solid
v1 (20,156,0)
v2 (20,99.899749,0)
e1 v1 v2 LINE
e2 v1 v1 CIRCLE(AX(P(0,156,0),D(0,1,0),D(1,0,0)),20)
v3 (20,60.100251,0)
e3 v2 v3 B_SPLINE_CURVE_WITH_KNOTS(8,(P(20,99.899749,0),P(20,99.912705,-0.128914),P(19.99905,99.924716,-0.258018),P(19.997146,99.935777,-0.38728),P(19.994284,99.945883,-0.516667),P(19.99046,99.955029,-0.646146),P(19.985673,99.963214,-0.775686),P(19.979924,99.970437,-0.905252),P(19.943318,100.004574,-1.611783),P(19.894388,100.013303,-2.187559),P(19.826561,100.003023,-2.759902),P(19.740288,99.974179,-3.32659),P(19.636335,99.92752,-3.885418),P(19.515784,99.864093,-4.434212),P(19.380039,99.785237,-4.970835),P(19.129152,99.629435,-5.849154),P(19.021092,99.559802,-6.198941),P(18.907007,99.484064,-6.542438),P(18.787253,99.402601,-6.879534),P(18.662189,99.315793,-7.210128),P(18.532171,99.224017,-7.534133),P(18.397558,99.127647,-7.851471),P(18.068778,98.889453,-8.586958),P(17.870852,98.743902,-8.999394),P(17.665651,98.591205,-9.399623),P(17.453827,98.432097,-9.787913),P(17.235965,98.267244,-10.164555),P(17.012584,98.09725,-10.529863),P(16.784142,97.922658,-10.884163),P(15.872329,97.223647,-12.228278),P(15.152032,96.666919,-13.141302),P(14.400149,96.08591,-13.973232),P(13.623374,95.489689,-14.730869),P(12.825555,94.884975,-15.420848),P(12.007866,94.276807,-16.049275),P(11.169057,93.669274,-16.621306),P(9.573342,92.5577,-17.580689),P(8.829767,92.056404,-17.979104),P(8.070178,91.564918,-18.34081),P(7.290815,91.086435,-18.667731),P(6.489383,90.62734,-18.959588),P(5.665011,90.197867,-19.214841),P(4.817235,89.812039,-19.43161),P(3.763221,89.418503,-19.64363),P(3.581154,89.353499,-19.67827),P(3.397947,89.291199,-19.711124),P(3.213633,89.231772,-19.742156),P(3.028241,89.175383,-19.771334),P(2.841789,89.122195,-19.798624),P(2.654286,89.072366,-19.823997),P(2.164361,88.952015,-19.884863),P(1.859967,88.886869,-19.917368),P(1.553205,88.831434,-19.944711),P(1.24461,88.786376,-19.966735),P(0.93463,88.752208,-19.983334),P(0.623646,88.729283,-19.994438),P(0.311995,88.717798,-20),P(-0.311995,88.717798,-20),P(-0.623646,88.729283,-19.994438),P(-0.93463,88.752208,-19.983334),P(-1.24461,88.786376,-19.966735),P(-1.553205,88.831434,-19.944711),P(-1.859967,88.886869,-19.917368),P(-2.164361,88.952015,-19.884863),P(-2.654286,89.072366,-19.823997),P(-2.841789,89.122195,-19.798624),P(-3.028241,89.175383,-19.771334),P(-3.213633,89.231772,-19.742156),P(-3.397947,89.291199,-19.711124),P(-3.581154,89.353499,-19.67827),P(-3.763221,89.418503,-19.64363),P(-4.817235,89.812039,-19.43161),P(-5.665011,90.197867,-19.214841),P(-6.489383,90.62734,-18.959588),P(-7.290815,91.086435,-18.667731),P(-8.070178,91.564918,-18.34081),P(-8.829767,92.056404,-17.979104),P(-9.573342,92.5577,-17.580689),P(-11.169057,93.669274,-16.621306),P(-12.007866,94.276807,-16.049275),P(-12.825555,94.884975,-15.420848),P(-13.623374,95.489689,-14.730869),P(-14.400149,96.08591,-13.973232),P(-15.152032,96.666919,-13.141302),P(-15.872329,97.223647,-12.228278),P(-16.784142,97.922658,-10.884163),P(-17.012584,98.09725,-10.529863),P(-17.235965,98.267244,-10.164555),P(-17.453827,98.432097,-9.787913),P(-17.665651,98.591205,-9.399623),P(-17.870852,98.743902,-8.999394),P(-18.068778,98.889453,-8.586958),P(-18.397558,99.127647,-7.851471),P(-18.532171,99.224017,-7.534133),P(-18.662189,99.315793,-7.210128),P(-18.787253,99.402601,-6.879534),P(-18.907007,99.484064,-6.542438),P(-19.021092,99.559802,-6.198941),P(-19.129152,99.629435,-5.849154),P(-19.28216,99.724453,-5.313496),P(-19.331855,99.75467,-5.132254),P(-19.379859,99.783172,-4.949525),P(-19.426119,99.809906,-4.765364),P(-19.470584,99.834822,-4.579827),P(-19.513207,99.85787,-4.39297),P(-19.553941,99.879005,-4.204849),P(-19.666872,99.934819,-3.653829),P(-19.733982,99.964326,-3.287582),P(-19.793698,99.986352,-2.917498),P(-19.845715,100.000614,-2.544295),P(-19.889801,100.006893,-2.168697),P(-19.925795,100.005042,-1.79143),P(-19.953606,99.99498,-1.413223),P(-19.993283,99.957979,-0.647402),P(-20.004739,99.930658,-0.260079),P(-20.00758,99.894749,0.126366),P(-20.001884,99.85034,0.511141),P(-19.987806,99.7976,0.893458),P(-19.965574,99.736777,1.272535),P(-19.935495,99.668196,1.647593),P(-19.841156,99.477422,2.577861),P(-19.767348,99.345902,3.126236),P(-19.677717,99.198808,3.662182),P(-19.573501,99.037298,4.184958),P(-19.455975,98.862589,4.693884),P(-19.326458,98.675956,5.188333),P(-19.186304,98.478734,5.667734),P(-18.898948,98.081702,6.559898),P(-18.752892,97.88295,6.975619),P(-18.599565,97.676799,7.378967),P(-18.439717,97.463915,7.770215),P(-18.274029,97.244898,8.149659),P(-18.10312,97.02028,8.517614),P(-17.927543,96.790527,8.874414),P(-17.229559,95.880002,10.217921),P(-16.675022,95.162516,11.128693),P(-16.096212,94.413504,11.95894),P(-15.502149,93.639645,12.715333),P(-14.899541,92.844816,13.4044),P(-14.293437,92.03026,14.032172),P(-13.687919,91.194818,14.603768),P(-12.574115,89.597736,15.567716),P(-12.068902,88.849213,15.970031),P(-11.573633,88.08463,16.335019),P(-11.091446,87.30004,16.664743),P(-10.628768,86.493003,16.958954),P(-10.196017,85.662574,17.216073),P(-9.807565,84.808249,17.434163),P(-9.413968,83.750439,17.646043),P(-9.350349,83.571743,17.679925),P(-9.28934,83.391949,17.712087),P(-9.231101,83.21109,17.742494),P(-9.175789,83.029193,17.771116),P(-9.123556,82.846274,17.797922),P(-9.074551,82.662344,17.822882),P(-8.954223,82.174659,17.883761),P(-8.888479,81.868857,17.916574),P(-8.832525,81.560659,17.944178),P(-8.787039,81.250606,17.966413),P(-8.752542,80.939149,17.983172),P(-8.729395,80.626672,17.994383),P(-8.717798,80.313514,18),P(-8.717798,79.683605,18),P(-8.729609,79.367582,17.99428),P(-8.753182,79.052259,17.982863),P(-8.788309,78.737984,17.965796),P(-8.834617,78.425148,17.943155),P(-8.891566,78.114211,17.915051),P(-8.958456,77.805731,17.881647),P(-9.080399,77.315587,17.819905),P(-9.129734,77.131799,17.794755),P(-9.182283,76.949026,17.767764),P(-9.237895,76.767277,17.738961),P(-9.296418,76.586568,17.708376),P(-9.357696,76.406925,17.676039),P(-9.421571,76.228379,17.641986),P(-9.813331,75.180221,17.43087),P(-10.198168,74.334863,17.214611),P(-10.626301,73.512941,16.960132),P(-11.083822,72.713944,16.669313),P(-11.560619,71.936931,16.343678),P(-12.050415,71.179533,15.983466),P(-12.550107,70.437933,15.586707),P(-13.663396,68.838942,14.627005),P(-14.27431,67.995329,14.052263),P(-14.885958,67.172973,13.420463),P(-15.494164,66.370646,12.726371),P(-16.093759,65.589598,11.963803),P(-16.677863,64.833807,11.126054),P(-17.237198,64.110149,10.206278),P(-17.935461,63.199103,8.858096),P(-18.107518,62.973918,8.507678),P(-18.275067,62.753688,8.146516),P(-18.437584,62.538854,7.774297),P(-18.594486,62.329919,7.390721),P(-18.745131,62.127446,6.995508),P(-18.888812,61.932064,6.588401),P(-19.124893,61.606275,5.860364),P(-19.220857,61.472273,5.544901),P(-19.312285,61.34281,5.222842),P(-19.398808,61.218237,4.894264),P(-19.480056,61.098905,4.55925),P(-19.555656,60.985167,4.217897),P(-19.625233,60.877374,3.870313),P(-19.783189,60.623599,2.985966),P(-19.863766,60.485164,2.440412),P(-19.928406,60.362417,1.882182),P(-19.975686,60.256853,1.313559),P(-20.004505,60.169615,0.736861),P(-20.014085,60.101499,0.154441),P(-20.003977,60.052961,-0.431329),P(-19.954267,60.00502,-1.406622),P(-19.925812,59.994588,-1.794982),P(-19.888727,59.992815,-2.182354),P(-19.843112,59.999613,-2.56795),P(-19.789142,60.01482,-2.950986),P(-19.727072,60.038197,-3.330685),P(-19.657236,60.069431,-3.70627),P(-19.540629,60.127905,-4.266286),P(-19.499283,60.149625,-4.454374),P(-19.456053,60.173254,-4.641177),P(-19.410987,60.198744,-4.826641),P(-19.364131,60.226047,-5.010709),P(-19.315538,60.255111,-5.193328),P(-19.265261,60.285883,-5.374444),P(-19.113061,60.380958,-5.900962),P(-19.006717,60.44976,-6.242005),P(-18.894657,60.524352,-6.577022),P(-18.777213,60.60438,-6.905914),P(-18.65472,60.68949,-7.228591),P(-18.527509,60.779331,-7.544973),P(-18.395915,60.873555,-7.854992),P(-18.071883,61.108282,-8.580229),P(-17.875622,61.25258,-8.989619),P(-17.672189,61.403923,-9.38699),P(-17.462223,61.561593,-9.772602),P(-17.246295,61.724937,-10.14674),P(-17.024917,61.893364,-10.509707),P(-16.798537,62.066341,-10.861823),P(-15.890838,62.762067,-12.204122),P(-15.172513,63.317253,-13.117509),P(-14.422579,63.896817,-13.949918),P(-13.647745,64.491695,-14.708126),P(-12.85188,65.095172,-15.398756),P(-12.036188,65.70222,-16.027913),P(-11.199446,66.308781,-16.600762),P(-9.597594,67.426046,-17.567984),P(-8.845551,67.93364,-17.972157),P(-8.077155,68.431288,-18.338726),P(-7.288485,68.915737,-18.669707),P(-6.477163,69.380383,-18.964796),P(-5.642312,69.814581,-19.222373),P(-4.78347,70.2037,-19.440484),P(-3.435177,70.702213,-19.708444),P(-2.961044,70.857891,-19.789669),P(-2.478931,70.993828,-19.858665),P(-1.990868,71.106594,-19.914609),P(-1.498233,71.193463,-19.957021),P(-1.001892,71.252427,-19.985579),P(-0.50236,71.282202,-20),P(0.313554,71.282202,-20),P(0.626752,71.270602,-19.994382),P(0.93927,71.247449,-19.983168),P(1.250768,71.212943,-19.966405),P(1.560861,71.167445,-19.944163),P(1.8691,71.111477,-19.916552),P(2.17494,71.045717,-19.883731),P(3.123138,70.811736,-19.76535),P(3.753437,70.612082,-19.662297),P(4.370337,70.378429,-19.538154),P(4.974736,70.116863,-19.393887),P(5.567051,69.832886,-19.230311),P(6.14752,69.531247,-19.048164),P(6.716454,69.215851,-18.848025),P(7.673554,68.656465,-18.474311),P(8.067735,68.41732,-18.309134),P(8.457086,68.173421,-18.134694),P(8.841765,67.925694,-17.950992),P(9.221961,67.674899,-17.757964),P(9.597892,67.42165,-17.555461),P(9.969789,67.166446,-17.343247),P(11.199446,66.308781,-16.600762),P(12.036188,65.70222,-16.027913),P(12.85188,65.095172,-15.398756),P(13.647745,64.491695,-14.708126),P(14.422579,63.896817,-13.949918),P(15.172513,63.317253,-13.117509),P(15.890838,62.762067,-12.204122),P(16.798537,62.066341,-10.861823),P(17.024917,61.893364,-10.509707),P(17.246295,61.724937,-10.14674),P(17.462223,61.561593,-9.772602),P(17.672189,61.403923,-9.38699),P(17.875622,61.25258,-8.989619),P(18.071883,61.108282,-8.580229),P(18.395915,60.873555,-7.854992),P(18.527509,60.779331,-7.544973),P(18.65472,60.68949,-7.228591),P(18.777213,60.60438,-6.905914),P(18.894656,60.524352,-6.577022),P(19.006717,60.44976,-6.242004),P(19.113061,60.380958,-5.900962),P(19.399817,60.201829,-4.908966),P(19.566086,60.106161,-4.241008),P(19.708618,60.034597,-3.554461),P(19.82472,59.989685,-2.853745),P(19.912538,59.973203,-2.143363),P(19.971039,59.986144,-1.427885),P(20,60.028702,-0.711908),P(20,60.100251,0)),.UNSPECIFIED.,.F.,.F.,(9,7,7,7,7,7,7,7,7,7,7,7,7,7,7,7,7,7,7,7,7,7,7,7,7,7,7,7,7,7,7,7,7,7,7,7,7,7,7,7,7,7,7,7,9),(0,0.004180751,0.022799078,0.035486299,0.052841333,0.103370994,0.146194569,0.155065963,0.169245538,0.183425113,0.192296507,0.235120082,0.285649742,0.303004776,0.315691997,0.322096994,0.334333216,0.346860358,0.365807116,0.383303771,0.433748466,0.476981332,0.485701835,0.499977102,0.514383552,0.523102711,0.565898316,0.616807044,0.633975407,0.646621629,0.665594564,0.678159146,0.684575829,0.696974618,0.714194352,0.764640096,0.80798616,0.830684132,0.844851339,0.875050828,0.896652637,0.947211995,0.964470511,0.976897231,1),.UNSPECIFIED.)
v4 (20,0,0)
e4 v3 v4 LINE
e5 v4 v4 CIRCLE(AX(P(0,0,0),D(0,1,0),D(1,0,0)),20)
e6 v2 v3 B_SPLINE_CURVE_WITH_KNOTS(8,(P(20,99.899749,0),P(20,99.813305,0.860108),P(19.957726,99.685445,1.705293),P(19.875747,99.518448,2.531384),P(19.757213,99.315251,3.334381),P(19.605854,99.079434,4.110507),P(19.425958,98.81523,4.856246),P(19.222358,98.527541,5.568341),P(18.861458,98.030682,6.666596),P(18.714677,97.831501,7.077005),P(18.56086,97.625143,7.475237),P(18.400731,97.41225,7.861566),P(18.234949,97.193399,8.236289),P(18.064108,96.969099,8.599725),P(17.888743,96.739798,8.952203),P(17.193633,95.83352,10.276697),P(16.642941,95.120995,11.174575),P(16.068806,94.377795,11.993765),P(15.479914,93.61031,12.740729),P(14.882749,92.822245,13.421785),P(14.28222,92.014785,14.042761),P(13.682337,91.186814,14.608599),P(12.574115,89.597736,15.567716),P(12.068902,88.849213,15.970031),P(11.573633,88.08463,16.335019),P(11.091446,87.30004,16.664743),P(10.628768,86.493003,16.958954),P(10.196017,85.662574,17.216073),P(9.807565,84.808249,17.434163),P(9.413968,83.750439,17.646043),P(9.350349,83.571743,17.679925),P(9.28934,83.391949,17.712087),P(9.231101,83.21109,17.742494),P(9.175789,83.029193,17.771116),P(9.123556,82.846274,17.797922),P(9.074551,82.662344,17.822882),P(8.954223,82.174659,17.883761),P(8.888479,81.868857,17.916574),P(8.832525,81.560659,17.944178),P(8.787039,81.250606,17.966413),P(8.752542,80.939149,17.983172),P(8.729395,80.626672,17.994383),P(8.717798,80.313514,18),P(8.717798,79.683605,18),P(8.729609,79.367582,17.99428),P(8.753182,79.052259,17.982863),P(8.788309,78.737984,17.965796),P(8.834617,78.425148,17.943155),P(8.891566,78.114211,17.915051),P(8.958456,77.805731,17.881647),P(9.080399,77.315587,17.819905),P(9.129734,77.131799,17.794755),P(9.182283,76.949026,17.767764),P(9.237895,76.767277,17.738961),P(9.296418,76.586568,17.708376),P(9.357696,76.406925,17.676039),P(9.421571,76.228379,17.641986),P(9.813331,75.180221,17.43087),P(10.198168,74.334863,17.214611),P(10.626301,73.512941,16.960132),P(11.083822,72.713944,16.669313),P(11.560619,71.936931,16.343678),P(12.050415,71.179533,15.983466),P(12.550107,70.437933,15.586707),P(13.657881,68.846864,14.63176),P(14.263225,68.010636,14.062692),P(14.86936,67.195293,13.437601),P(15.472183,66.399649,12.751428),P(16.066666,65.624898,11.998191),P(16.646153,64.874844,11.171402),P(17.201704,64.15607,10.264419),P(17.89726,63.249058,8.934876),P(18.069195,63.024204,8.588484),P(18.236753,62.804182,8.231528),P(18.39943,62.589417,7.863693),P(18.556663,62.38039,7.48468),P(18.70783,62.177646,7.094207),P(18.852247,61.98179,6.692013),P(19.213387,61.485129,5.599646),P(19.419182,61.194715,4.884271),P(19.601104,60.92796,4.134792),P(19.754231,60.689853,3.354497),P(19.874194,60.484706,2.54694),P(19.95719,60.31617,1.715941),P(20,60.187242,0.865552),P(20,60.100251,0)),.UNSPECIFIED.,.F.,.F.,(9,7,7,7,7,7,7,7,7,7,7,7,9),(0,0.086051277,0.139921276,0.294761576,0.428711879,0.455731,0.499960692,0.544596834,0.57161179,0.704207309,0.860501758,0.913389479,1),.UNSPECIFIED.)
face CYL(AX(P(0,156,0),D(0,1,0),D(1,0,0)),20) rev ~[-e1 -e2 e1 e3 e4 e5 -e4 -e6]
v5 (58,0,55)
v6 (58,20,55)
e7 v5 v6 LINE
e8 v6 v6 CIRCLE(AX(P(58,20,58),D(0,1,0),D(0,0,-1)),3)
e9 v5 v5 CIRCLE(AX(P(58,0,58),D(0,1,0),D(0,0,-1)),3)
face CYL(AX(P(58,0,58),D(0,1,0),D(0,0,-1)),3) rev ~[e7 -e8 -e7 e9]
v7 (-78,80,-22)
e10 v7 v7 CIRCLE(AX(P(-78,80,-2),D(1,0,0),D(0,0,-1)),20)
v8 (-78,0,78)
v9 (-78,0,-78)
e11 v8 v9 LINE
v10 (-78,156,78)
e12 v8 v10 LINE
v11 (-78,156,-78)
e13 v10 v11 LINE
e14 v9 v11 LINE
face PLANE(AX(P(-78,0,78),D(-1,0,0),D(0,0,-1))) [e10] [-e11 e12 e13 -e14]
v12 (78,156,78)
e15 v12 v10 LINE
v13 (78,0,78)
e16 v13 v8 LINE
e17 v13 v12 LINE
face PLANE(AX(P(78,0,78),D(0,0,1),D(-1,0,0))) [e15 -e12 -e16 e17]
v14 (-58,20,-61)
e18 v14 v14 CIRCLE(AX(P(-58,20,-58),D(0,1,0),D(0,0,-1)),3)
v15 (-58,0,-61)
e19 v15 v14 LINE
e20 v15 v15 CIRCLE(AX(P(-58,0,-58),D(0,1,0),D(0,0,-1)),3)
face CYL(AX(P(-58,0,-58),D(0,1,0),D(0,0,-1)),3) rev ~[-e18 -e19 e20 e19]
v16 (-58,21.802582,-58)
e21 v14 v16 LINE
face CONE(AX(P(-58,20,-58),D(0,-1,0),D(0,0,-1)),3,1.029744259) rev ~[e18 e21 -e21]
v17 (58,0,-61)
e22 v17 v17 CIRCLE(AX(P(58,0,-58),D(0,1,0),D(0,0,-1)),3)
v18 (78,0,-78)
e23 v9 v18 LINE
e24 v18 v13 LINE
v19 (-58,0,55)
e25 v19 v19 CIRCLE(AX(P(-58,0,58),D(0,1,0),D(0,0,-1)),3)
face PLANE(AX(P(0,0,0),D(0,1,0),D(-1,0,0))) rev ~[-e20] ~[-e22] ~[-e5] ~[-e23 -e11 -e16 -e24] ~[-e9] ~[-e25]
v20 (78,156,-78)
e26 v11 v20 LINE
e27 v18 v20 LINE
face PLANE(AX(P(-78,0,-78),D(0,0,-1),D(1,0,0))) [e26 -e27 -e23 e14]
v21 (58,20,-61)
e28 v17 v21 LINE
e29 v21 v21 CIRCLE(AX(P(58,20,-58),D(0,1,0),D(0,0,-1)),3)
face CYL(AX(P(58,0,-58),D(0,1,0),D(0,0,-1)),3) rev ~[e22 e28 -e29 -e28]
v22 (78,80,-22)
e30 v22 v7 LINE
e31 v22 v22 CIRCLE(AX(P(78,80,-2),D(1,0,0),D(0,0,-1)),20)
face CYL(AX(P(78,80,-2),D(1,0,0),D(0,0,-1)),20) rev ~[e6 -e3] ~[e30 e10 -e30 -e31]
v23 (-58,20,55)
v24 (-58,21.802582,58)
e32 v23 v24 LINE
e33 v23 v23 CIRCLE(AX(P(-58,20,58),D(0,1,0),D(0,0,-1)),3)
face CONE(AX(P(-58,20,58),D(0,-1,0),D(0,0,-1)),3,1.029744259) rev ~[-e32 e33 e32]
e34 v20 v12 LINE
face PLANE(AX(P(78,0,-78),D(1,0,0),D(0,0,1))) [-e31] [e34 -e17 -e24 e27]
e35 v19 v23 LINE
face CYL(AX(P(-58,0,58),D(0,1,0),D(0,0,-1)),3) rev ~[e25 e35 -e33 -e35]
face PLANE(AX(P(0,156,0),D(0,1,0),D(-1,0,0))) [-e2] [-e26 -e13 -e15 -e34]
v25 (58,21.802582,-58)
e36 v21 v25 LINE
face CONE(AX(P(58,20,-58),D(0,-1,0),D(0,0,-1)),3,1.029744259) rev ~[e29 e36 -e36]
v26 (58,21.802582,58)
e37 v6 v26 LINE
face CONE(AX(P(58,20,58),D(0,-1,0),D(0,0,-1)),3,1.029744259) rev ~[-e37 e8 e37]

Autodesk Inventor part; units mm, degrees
ref_plane "YZ Plane" through (0, 0, 0) normal (1, 0, 0) x (0, 1, 0)
ref_plane "XZ Plane" through (0, 0, 0) normal (0, 1, 0) x (-1, 0, 0)
ref_plane "XY Plane" through (0, 0, 0) normal (0, 0, 1) x (1, 0, 0)
sketch "Sketch1" plane through (0, 0, 0) normal (0, 1, 0) x (-1, 0, 0)
  line L0 (-78, 78) -> (78, 78)
  line L1 (78, 78) -> (78, -78)
  line L2 (78, -78) -> (-78, -78)
  line L3 (-78, -78) -> (-78, 78)
  line L4 (-78, 78) -> (78, -78) construction
  line L5 (78, 78) -> (-78, -78) construction
  point P0 (0, 0)
  dimension "d0" = 156
  dimension "d1" = 156
extrude "Body" add sketch "Sketch1" along normal blind 156
sketch "Sketch2" plane through (78, 0, 78) normal (1, 0, 0) x (0, 0, -1)
  circle A0 centre (80, 80) radius 20
  point P0 (78, 0)
extrude "RotAxis" cut sketch "Sketch2" against normal through all
sketch "Sketch4" plane through (0, 156, 0) normal (0, 1, 0) x (1, 0, 0)
  circle A0 centre (0, 0) radius 20
extrude "CableHole" cut sketch "Sketch4" against normal through all
sketch "Sketch5" plane through (0, 0, 0) normal (0, -1, 0) x (1, 0, 0)
  point P0 (0, 0)
  point P1 (-58, 58)
  point P2 (-58, -58)
  point P3 (58, -58)
  point P4 (58, 58)
hole "BoltHoles" at (-58, 0, 58) at (-58, 0, -58) at (58, 0, -58) at (58, 0, 58) direction (0, 1, 0) diameter 6 depth 20 tip angle 118
properties part number "AxisConnector"
